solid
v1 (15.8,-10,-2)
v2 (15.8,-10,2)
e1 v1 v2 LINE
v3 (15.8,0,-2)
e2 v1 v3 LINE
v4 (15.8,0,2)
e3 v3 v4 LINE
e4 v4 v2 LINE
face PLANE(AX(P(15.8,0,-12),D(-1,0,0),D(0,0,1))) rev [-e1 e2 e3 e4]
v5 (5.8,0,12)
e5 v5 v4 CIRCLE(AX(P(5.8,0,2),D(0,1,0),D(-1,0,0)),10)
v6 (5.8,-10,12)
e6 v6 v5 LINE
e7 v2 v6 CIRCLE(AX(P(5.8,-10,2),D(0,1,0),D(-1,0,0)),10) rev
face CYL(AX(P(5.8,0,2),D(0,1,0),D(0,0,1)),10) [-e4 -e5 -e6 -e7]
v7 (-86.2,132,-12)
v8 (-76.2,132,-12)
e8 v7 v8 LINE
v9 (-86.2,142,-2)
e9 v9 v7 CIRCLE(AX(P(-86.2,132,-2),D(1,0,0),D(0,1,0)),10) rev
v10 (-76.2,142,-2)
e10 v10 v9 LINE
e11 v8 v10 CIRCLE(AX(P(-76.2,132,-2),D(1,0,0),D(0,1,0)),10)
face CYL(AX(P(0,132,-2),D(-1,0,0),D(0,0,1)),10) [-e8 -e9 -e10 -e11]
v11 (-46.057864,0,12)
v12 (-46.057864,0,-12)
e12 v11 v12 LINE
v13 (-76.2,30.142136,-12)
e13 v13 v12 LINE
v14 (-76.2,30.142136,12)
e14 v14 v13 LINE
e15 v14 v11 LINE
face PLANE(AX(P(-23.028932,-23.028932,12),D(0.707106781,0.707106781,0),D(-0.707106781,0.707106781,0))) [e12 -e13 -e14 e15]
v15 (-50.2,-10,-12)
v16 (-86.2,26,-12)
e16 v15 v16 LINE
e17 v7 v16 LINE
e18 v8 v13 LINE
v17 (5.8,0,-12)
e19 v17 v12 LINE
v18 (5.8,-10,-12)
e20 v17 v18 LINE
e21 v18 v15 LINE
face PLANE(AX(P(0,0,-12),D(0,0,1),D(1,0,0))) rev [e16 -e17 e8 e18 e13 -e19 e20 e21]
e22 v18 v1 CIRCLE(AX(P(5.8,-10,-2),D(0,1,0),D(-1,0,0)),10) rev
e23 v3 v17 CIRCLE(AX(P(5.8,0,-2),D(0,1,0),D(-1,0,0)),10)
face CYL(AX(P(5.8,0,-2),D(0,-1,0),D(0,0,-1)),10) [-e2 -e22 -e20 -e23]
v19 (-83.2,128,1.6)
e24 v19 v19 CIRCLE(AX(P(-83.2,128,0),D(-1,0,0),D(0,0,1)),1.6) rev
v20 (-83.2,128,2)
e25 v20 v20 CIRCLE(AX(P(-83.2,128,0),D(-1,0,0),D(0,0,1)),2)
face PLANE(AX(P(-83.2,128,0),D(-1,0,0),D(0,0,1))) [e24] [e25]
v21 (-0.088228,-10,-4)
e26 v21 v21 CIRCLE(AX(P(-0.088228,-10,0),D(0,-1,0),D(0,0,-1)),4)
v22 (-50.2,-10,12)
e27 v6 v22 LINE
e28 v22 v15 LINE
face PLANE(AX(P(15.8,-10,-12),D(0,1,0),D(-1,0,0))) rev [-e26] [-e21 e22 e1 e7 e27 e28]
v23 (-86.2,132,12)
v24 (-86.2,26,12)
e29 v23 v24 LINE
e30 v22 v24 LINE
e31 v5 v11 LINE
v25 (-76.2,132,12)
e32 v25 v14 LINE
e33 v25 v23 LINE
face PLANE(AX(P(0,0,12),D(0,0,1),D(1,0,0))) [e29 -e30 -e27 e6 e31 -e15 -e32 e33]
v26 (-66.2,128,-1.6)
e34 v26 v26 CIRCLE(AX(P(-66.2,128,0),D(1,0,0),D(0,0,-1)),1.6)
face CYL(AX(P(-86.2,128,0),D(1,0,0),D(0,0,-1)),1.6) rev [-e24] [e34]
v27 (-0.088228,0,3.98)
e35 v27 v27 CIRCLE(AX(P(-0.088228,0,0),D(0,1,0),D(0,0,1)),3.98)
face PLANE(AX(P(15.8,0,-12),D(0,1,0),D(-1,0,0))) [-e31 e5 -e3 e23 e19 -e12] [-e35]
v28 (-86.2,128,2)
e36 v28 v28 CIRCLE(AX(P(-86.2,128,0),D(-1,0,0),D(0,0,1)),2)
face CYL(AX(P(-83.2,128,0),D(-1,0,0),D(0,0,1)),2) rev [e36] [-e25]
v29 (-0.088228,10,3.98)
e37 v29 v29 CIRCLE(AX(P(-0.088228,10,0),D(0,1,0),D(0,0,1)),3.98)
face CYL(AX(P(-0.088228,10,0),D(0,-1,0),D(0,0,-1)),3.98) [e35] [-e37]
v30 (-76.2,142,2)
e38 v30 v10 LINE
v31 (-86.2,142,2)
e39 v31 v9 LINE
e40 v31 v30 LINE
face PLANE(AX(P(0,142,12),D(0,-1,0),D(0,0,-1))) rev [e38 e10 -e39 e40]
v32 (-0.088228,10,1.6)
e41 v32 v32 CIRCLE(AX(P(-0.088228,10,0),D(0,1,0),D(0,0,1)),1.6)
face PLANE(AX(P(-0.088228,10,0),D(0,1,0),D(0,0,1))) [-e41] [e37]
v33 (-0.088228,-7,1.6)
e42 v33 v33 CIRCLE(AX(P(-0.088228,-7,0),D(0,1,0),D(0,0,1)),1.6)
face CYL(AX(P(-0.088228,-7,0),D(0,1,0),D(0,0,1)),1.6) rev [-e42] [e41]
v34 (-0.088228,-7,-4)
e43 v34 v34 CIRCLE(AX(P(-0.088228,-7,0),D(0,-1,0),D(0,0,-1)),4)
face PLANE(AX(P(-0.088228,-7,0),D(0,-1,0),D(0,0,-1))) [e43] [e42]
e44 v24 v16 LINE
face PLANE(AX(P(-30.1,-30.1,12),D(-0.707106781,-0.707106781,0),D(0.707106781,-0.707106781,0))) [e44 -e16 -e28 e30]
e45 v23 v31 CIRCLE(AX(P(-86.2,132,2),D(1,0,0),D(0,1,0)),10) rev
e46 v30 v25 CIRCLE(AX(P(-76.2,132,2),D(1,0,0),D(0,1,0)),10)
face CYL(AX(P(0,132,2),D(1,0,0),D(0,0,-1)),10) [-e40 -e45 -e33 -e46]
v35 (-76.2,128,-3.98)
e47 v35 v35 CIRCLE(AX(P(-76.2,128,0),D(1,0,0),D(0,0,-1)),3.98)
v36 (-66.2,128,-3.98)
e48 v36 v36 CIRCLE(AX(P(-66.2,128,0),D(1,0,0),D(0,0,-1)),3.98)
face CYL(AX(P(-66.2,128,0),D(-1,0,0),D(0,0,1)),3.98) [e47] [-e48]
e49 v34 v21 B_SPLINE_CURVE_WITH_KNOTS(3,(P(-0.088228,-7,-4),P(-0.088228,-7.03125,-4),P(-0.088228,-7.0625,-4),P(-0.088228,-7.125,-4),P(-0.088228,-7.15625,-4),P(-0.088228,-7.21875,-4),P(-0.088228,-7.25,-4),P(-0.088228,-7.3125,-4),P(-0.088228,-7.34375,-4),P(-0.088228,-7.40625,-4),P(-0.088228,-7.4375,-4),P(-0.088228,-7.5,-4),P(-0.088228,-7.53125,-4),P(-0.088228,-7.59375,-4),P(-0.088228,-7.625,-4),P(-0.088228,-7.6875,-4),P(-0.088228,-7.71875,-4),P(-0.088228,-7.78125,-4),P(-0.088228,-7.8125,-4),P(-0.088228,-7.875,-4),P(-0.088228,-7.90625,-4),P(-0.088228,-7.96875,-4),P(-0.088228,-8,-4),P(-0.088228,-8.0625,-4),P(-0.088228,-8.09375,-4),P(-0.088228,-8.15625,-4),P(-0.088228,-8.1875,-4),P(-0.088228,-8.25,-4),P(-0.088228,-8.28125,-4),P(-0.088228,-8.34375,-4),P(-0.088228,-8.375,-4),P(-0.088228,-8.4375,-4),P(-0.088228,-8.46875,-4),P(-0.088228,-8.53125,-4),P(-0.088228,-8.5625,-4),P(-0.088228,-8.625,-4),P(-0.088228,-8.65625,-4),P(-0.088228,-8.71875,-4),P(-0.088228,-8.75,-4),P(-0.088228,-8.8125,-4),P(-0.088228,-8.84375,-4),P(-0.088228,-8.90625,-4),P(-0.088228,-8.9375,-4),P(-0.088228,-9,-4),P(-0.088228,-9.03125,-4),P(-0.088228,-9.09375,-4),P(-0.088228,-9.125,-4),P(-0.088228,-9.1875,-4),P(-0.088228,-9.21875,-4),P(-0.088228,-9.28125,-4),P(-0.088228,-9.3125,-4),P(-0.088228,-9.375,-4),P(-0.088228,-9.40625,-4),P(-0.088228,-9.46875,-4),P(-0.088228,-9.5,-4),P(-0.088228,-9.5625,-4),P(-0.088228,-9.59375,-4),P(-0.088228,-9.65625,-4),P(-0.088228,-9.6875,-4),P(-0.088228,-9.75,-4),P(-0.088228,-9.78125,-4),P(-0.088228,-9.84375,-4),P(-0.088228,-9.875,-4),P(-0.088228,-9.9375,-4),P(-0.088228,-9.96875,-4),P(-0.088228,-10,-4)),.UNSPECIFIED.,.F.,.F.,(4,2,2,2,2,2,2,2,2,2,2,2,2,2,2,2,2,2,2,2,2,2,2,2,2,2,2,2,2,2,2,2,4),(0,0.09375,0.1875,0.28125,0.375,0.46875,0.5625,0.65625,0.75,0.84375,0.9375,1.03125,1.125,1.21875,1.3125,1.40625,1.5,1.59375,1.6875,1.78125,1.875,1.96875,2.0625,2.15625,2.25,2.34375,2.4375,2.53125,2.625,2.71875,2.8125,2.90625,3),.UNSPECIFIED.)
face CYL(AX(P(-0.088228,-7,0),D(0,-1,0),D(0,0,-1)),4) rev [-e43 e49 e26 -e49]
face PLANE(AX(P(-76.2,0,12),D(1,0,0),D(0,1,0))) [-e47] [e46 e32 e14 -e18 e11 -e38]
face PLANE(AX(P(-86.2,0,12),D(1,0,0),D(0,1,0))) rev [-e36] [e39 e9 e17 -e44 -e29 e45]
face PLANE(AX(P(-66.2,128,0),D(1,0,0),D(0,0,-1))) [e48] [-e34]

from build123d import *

# Parameters (mm, degrees)
BOSS_EXTRUDE7_DEPTH      = 12
BOSS_EXTRUDE7_DEPTH_BACK = 12
FILLET1_R                = 10
SKETCH1_R                = 3.98
BOSS_EXTRUDE3_DEPTH      = 10
SKETCH5_R                = 1.6
CUT_EXTRUDE1_DEPTH       = 165.414111317
SKETCH6_R                = 2
CUT_EXTRUDE2_DEPTH       = 3
SKETCH7_R                = 3.98
BOSS_EXTRUDE5_DEPTH      = 10
SKETCH9_R                = 1.6
CUT_EXTRUDE3_DEPTH       = 17
SKETCH10_R               = 4
CUT_EXTRUDE4_DEPTH       = 3


with BuildPart() as part:
    # Sketch11 → Boss-Extrude7 (new, two sides: drawn at the far end of the back side and taken through both)
    with BuildSketch(Plane.XY.offset(-BOSS_EXTRUDE7_DEPTH_BACK)):
        Polygon((-86.2, 142), (-86.2, 26), (-50.2, -10), (15.8, -10), (15.8, 0), (-46.057864376, 0), (-76.2, 30.142135624), (-76.2, 142), align=None)
    extrude(amount=BOSS_EXTRUDE7_DEPTH + BOSS_EXTRUDE7_DEPTH_BACK)

    # Fillet1
    fillet1_edges = [part.edges().sort_by_distance(p)[0] for p in [
        (-81.2, 142, -12),
        (15.8, -5, -12),
        (15.8, -5, 12),
        (-81.2, 142, 12),
    ]]
    fillet(fillet1_edges, radius=FILLET1_R)

    # Sketch1 → Boss-Extrude3 (add)
    with BuildSketch(Plane(origin=(-76.2, 0, 0), x_dir=(0, 0, -1), z_dir=(1, 0, 0))):
        with Locations((0, 128)):
            Circle(SKETCH1_R)
    extrude(amount=BOSS_EXTRUDE3_DEPTH)

    # Sketch5 → Cut-Extrude1 (cut, through all)
    with BuildSketch(Plane(origin=(-66.2, 0, 0), x_dir=(0, 0, -1), z_dir=(1, 0, 0))):
        with Locations((0, 128)):
            Circle(SKETCH5_R)
    extrude(amount=-CUT_EXTRUDE1_DEPTH, mode=Mode.SUBTRACT)

    # Sketch6 → Cut-Extrude2 (cut)
    with BuildSketch(Plane.ZY.offset(86.2)):
        with Locations((0, 128)):
            Circle(SKETCH6_R)
    extrude(amount=-CUT_EXTRUDE2_DEPTH, mode=Mode.SUBTRACT)

    # Sketch7 → Boss-Extrude5 (add)
    with BuildSketch(Plane(origin=(0, 0, 0), x_dir=(1, 0, 0), z_dir=(0, 1, 0))):
        with Locations((-0.08822806, 0)):
            Circle(SKETCH7_R)
    extrude(amount=BOSS_EXTRUDE5_DEPTH)

    # Sketch9 → Cut-Extrude3 (cut)
    with BuildSketch(Plane(origin=(0, 10, 0), x_dir=(1, 0, 0), z_dir=(0, 1, 0))):
        with Locations((-0.08822806, 0)):
            Circle(SKETCH9_R)
    extrude(amount=-CUT_EXTRUDE3_DEPTH, mode=Mode.SUBTRACT)

    # Sketch10 → Cut-Extrude4 (cut)
    with BuildSketch(Plane.XZ.offset(10)):
        with Locations((-0.08822806, 0)):
            Circle(SKETCH10_R)
    extrude(amount=-CUT_EXTRUDE4_DEPTH, mode=Mode.SUBTRACT)


solid = part.part
